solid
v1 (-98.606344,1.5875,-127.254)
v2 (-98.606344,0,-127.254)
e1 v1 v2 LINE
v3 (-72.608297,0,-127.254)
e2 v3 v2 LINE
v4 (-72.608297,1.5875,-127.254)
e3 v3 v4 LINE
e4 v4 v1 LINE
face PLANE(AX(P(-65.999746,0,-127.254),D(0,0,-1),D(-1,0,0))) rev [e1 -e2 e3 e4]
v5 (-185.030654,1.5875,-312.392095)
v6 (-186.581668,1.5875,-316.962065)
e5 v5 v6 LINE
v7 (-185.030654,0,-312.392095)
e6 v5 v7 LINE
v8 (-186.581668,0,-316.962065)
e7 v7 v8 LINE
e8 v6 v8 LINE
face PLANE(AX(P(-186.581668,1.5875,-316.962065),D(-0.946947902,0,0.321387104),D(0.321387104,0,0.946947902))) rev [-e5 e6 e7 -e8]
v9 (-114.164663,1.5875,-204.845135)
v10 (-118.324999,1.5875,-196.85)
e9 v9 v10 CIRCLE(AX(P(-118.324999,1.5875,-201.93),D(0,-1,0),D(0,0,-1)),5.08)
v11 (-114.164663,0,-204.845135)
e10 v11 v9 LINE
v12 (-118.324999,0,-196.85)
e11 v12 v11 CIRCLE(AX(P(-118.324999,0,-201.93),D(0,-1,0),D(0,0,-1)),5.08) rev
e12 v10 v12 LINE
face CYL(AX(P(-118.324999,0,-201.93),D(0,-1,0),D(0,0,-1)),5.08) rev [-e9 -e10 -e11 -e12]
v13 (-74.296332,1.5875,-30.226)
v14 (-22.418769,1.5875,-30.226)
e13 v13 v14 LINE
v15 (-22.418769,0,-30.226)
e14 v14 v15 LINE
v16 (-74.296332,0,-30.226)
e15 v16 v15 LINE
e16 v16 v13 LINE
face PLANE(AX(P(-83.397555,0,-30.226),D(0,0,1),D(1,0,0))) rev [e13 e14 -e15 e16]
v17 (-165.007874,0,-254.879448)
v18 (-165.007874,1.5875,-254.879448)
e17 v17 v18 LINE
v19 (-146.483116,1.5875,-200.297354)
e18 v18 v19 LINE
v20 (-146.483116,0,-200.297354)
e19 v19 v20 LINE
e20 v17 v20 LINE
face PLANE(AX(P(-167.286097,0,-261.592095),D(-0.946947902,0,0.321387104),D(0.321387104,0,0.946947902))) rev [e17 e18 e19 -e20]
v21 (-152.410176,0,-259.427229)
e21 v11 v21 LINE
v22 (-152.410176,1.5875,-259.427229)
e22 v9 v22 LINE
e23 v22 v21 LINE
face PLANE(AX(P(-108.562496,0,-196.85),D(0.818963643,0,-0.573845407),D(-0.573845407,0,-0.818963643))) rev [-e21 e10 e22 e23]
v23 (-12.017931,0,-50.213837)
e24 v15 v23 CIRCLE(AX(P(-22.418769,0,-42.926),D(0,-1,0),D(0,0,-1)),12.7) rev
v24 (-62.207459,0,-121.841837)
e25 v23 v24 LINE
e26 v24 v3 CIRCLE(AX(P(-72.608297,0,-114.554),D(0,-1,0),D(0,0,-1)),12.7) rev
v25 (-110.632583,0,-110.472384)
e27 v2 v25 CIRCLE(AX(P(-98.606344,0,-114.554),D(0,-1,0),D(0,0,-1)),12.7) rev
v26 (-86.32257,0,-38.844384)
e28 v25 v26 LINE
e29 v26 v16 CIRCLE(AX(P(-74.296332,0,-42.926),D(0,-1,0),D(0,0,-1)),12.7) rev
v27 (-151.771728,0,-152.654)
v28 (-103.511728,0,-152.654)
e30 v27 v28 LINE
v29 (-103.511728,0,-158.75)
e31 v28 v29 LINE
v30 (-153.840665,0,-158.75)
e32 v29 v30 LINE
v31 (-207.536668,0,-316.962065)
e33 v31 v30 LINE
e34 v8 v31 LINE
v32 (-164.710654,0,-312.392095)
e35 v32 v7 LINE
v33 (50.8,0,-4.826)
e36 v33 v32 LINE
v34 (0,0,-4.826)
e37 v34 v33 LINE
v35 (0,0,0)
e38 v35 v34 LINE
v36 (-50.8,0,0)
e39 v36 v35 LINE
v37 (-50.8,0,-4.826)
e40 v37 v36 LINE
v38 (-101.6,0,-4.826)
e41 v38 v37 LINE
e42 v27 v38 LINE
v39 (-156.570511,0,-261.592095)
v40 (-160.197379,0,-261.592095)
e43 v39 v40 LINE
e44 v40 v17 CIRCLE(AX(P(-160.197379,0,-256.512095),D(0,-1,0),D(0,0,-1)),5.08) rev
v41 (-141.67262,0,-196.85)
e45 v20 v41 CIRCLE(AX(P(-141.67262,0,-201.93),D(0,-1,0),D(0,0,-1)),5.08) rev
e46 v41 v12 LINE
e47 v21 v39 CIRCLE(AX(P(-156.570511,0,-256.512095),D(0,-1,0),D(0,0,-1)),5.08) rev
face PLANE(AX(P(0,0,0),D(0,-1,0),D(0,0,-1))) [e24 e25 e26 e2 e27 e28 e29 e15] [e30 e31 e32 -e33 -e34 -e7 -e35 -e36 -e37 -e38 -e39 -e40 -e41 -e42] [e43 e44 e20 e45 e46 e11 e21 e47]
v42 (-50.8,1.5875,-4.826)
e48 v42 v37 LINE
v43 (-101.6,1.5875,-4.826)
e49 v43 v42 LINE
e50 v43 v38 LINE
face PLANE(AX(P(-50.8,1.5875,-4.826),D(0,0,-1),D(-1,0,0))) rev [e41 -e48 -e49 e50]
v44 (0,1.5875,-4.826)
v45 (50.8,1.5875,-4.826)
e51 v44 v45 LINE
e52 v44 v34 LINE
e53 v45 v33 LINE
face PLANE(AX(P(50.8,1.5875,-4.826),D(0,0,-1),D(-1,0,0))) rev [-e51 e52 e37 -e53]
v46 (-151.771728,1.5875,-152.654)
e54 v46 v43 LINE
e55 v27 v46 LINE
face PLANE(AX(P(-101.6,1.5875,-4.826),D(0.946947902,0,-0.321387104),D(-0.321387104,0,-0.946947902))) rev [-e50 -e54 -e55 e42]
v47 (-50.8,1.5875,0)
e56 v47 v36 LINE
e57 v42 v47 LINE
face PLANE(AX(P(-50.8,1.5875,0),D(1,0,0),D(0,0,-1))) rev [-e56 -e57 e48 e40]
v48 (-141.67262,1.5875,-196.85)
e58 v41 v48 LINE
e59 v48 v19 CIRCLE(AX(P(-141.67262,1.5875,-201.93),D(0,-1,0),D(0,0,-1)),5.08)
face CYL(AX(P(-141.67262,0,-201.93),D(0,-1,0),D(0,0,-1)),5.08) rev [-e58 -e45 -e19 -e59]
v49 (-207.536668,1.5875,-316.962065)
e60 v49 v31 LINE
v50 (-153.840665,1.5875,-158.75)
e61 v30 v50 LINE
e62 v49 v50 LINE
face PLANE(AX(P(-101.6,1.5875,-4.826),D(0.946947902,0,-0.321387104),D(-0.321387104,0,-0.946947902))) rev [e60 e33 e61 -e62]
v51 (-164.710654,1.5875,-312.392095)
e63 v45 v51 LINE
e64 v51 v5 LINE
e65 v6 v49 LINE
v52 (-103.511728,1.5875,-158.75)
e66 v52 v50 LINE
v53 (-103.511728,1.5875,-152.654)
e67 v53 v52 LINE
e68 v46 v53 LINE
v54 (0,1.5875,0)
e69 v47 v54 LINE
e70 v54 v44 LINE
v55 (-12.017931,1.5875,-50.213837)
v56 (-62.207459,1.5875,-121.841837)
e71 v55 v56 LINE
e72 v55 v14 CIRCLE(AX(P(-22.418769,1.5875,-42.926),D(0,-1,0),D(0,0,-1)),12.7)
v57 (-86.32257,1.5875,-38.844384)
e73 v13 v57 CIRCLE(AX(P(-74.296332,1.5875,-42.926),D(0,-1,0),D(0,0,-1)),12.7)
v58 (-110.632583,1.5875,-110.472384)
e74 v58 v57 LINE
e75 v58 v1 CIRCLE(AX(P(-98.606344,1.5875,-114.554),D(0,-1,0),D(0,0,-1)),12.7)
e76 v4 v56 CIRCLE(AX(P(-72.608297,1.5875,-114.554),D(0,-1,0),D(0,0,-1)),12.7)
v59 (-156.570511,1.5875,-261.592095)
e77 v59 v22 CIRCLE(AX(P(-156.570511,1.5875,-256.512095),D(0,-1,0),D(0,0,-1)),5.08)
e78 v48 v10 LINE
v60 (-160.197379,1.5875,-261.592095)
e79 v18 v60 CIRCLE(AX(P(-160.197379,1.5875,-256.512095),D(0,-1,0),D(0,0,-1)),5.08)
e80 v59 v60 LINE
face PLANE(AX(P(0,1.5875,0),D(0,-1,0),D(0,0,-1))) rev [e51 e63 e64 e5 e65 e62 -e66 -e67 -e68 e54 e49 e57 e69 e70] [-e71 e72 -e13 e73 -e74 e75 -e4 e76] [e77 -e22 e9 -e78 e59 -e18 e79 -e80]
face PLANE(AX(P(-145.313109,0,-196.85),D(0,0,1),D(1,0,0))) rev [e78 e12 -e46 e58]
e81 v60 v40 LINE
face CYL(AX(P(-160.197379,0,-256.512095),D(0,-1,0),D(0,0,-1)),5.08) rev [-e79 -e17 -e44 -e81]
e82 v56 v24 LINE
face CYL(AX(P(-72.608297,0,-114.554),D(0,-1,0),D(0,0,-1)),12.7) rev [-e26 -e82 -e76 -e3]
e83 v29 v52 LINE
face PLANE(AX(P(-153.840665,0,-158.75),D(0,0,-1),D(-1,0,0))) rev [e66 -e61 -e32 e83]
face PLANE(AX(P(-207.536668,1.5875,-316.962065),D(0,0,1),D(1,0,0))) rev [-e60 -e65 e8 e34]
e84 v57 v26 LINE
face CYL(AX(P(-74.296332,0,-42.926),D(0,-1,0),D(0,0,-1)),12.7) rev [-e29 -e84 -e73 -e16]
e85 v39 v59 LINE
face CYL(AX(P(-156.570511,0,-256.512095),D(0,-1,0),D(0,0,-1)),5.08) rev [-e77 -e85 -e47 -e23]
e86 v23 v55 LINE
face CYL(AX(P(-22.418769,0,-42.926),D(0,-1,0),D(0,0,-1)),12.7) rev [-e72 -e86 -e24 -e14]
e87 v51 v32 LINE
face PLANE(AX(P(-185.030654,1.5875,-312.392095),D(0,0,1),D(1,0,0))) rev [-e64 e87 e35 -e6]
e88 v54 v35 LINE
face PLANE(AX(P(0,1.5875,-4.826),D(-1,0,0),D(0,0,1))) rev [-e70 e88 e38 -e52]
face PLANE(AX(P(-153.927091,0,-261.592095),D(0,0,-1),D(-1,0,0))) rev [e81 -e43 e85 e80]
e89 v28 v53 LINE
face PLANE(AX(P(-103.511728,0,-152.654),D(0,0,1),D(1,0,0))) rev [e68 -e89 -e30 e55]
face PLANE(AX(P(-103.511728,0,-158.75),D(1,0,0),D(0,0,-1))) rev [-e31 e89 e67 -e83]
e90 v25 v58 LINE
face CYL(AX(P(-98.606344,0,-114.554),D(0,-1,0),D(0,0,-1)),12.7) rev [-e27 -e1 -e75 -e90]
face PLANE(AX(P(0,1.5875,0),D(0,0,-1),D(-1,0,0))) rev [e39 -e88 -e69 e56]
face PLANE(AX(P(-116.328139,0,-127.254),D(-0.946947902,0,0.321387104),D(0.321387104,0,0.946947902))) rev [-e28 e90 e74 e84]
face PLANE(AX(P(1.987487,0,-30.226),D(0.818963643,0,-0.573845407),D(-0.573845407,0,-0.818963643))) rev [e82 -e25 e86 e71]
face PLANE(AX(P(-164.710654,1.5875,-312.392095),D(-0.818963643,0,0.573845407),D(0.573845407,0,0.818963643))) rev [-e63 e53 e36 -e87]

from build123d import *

# Parameters (mm, degrees)
BOSS_EXTRUDE1_DEPTH = 1.5875
CUT_EXTRUDE1_DEPTH  = 379.865331816
CUT_EXTRUDE2_DEPTH  = 379.865331816
FILLET1_R           = 12.7
FILLET2_R           = 5.08


with BuildPart() as part:
    # Sketch1 → Boss-Extrude1 (new body)
    with BuildSketch(Plane(origin=(0, 0, 0), x_dir=(1, 0, 0), z_dir=(0, 1, 0))):
        Polygon((-207.536668491, 316.962065124), (-186.581668491, 316.962065124), (-185.030654327, 312.392094548), (-164.710654327, 312.392094548), (50.8, 4.826), (0, 4.826), (0, 0), (-50.8, 0), (-50.8, 4.826), (-101.6, 4.826), align=None)
    extrude(amount=BOSS_EXTRUDE1_DEPTH)

    # Sketch2 → Cut-Extrude1 (cut, through all)
    with BuildSketch(Plane(origin=(0, 1.5875, 0), x_dir=(1, 0, 0), z_dir=(0, 1, 0))):
        Polygon((-103.511728228, 158.75), (-103.511728228, 152.654), (-151.771728228, 152.654), (-153.840665475, 158.75), align=None)
    extrude(amount=-CUT_EXTRUDE1_DEPTH, mode=Mode.SUBTRACT)

    # Sketch3 → Cut-Extrude2 (cut, through all)
    with BuildSketch(Plane(origin=(0, 1.5875, 0), x_dir=(1, 0, 0), z_dir=(0, 1, 0))):
        Polygon((-116.328139028, 127.254), (-83.397554521, 30.226), (1.987487188, 30.226), (-65.999745926, 127.254), align=None)
        Polygon((-167.286096734, 261.592094548), (-145.313109394, 196.85), (-108.562496075, 196.85), (-153.927090567, 261.592094548), align=None)
    extrude(amount=-CUT_EXTRUDE2_DEPTH, mode=Mode.SUBTRACT)

    # Fillet1
    fillet1_edges = [part.edges().sort_by_distance(p)[0] for p in [
        (-116.328139028, 0.79375, -127.254),
        (-65.999745926, 0.79375, -127.254),
        (1.987487188, 0.79375, -30.226),
        (-83.397554521, 0.79375, -30.226),
    ]]
    fillet(fillet1_edges, radius=FILLET1_R)

    # Fillet2
    fillet2_edges = [part.edges().sort_by_distance(p)[0] for p in [
        (-167.286096734, 0.79375, -261.592094548),
        (-153.927090567, 0.79375, -261.592094548),
        (-108.562496075, 0.79375, -196.85),
        (-145.313109394, 0.79375, -196.85),
    ]]
    fillet(fillet2_edges, radius=FILLET2_R)


solid = part.part
